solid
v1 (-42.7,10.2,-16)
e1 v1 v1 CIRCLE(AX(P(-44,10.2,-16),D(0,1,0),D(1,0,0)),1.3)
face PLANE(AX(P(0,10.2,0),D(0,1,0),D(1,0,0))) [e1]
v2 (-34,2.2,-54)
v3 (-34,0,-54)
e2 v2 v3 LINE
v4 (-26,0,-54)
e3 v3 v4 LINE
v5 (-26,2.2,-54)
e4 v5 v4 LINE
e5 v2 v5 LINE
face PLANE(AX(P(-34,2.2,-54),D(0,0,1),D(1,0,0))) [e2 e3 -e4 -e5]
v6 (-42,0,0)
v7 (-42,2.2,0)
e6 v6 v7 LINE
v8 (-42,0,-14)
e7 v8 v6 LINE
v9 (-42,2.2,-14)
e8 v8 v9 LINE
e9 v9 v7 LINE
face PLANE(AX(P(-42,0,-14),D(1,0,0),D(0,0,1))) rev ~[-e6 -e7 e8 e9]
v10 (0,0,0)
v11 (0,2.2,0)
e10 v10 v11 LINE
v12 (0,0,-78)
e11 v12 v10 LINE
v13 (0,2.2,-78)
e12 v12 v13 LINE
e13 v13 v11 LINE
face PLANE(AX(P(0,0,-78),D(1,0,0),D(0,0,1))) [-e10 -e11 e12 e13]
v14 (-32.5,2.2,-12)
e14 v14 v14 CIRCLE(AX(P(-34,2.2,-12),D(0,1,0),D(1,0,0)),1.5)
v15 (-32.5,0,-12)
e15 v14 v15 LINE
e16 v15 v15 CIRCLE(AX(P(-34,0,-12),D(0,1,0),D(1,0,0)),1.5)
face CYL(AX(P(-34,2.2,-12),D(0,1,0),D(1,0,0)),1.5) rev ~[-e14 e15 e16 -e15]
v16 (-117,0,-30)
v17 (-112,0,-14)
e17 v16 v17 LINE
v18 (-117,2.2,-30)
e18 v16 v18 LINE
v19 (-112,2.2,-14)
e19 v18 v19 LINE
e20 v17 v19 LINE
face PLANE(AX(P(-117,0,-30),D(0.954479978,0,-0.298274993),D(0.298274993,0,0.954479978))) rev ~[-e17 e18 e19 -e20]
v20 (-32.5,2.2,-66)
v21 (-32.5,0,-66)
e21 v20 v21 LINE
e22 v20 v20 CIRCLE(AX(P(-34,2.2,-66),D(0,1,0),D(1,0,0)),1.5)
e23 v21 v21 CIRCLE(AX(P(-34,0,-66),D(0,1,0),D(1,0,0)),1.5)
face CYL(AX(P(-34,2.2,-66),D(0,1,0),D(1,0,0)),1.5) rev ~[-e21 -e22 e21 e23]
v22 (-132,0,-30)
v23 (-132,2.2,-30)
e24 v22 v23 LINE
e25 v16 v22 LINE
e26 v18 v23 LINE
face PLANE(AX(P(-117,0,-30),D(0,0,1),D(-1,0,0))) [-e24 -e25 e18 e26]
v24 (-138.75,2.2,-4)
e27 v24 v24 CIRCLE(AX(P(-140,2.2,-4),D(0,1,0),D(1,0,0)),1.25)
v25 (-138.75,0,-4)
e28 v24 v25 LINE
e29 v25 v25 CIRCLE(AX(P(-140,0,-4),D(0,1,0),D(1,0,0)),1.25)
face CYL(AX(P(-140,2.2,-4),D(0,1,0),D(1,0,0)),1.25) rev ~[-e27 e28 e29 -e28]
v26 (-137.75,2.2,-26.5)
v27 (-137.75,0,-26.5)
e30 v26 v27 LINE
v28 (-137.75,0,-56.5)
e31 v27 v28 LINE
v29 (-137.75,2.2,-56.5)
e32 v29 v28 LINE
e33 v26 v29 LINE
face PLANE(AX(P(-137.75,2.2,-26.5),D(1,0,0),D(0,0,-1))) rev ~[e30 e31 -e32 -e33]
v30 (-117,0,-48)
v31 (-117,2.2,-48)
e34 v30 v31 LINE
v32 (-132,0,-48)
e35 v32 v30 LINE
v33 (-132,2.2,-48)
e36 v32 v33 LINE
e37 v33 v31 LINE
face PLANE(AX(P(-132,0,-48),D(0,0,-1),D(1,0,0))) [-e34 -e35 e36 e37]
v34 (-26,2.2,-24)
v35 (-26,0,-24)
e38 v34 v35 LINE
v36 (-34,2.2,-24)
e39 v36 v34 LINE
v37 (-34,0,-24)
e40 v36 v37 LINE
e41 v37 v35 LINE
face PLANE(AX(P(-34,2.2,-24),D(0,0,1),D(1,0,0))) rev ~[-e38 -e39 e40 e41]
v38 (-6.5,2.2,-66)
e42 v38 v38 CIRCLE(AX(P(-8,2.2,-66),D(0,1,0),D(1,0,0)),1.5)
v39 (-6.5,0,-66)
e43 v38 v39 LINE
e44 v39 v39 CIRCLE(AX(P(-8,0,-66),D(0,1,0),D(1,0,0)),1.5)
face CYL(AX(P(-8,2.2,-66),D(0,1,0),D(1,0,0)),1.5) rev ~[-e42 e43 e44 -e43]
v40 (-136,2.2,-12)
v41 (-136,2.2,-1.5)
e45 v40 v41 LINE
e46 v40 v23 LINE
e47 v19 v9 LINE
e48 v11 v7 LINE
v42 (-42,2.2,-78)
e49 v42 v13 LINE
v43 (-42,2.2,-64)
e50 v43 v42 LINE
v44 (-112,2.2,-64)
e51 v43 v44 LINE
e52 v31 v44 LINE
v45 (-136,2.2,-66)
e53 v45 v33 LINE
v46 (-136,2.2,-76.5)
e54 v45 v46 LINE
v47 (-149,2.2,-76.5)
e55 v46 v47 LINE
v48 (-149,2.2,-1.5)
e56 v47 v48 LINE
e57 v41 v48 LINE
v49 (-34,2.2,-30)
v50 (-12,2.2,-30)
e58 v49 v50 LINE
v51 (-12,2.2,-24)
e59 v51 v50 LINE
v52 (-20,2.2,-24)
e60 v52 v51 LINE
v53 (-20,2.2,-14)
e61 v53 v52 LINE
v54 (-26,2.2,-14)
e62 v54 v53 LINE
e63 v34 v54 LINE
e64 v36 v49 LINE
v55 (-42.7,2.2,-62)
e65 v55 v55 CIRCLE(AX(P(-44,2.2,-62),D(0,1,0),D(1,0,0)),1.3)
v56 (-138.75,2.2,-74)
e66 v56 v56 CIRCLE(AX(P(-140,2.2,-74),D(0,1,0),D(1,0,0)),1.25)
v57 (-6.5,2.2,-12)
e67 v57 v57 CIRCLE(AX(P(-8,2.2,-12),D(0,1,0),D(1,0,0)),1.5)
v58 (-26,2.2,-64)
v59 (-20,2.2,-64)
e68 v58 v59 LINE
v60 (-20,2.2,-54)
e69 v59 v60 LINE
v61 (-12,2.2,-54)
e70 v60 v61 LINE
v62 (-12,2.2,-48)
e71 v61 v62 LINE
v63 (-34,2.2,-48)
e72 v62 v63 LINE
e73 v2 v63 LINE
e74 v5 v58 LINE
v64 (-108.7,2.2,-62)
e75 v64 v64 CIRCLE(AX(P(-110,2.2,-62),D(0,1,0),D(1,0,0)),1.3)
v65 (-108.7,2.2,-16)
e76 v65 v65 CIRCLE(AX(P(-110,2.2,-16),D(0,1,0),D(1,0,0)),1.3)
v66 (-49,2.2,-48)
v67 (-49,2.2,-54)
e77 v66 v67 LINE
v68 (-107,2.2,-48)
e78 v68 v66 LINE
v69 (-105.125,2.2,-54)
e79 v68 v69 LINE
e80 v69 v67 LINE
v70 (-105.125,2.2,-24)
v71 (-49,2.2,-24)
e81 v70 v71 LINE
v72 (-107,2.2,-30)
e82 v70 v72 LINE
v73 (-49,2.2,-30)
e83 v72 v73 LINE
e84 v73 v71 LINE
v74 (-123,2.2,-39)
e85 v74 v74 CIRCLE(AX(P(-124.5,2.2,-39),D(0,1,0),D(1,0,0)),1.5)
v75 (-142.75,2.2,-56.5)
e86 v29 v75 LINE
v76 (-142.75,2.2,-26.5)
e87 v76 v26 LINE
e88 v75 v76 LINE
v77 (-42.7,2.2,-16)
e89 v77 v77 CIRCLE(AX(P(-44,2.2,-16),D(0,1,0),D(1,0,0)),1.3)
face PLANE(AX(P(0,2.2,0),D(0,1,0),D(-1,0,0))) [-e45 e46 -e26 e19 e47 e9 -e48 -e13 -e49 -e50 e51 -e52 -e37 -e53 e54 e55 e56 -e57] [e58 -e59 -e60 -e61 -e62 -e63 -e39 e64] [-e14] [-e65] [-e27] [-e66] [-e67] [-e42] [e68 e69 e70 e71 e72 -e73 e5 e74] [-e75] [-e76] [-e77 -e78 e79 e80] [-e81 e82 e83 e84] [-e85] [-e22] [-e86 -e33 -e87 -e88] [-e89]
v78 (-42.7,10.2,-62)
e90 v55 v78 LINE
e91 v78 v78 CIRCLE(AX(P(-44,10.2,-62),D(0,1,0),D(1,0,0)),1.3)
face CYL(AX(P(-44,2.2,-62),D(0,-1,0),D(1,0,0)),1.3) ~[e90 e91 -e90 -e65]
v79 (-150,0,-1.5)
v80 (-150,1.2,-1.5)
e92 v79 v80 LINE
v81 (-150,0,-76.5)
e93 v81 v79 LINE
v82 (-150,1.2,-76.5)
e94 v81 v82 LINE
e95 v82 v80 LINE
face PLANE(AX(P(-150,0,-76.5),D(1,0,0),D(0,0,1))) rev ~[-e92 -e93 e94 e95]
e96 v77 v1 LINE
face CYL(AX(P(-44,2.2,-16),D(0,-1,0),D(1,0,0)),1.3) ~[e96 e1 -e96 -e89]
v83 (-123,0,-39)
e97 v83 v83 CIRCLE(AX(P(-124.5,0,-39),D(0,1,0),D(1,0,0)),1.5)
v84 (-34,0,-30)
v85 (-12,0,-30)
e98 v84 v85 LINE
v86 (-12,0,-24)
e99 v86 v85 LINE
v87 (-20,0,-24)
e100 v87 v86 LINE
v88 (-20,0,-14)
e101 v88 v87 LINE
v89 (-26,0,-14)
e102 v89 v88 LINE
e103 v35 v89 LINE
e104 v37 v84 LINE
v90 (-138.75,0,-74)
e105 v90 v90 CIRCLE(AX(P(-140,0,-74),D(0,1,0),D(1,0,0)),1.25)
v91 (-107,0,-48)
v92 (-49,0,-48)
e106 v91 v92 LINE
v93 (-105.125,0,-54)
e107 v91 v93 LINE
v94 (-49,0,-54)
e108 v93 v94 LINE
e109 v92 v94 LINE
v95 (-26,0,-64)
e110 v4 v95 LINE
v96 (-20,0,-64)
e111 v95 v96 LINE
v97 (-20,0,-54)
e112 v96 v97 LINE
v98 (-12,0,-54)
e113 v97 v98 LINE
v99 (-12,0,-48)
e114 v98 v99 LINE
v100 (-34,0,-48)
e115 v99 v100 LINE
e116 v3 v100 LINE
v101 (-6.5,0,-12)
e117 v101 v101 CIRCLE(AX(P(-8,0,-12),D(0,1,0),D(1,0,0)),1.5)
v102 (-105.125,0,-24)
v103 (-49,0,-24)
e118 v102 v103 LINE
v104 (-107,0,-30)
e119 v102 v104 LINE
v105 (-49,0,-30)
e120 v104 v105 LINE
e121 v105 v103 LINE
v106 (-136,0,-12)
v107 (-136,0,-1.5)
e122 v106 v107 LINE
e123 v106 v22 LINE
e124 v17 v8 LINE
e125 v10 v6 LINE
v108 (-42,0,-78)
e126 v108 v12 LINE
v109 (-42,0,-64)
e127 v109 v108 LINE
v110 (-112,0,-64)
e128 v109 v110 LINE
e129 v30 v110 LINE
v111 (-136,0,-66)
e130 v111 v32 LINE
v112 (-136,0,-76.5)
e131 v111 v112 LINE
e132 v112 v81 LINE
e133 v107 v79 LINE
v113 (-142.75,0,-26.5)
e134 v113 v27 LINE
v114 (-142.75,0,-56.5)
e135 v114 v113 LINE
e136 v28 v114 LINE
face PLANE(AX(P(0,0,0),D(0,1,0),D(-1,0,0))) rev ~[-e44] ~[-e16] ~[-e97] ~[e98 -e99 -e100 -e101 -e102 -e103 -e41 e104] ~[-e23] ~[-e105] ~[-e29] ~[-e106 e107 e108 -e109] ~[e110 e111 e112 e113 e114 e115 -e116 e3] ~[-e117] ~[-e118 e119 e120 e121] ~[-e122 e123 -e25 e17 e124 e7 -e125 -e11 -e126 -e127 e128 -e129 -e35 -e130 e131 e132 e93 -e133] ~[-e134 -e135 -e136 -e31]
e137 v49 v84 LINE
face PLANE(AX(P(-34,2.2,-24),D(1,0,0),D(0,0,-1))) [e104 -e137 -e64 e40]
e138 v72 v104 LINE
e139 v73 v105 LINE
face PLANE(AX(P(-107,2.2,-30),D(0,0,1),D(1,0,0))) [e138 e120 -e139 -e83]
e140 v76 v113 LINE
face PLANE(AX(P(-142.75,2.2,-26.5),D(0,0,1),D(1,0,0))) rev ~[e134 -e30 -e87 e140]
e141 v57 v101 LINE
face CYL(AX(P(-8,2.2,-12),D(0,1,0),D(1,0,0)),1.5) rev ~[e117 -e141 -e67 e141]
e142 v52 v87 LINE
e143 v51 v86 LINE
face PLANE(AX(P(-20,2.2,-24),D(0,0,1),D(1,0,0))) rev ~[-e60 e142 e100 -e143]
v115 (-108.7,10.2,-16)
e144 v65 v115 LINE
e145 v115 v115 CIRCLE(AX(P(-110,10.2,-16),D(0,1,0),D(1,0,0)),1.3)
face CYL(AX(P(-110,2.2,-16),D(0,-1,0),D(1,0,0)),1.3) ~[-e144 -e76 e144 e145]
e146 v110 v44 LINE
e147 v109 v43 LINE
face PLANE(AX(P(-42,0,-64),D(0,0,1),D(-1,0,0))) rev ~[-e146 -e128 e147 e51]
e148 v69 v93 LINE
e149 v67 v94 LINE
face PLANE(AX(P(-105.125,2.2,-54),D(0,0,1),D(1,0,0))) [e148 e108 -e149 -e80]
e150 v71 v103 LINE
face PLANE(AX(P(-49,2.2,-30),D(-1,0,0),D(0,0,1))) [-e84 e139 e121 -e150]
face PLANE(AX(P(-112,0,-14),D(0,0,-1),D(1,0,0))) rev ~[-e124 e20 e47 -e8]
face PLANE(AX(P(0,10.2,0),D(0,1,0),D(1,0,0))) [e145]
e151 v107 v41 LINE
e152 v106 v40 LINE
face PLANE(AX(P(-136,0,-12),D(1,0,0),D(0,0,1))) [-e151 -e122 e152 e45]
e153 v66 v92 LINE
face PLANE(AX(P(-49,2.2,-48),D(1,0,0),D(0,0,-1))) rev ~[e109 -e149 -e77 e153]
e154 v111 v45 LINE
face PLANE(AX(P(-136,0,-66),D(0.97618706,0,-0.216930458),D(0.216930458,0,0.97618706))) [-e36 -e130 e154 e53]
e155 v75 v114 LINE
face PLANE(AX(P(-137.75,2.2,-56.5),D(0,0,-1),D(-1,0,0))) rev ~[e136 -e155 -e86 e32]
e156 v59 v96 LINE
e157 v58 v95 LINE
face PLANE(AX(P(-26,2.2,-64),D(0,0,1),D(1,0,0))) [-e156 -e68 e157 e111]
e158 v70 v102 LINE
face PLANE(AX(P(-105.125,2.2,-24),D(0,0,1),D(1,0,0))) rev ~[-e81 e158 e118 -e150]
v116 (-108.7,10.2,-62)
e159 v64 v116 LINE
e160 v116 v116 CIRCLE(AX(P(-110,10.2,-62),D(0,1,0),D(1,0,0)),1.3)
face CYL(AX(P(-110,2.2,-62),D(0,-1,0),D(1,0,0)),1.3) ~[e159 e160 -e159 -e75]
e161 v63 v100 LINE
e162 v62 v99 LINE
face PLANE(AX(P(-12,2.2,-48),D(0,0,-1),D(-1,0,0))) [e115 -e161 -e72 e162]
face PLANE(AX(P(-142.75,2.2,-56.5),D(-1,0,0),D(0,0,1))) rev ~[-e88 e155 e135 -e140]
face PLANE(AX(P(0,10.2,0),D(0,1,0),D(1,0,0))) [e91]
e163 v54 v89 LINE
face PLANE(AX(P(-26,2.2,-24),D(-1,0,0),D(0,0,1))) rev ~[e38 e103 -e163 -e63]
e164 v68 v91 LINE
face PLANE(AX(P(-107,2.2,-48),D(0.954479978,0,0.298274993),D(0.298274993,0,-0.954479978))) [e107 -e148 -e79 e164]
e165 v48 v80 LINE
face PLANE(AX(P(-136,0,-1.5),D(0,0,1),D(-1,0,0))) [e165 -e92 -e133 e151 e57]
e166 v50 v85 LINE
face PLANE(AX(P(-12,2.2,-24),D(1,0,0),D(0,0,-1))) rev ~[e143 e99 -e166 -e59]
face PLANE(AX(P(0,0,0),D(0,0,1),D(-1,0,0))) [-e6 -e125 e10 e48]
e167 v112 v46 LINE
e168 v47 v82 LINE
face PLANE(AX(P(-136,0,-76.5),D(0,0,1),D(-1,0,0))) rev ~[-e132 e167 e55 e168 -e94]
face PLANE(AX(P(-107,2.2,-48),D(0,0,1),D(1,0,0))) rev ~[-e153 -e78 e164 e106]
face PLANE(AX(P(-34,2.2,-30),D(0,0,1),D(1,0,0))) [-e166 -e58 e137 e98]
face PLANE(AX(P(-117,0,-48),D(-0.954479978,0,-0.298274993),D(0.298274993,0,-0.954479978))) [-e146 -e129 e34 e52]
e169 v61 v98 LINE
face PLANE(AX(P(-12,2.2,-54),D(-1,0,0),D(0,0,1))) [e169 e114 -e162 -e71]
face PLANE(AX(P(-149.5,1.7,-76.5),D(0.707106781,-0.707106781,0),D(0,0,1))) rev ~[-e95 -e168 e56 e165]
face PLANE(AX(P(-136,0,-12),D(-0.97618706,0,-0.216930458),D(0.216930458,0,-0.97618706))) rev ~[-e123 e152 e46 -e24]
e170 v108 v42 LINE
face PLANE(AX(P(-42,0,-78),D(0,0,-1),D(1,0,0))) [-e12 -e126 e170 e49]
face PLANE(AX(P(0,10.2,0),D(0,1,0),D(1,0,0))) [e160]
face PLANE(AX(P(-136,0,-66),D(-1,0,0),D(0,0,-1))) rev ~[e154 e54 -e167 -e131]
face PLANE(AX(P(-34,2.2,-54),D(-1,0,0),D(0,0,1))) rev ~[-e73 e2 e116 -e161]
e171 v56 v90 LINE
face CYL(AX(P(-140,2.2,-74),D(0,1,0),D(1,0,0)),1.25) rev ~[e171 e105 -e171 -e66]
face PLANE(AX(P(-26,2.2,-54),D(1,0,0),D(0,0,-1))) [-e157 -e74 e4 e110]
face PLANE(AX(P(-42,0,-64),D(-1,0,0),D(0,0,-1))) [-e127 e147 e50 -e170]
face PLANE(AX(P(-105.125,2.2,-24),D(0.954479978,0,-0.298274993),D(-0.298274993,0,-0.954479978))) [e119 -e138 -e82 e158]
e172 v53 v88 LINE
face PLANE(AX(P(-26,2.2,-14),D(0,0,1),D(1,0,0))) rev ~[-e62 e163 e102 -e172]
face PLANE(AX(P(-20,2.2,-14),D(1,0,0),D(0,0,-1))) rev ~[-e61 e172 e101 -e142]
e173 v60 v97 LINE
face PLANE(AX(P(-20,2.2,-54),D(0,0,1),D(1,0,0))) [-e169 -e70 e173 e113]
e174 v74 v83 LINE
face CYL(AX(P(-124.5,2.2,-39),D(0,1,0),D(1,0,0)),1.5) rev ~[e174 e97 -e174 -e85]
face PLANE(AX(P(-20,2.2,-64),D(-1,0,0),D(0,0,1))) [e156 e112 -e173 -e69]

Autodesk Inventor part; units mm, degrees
ref_plane "YZ Plane" through (0, 0, 0) normal (1, 0, 0) x (0, 1, 0)
ref_plane "XZ Plane" through (0, 0, 0) normal (0, 1, 0) x (-1, 0, 0)
ref_plane "XY Plane" through (0, 0, 0) normal (0, 0, 1) x (1, 0, 0)
sketch "Sketch1" plane through (0, 0, 0) normal (0, 1, 0) x (-1, 0, 0)
  line L0 (42, -64) -> (112, -64)
  line L1 (112, -64) -> (112, -14)
  line L2 (112, -14) -> (42, -14)
  line L3 (112, -39) -> (112, -30)
  line L4 (112, -39) -> (112, -48)
  line L5 (112, -30) -> (136, -30)
  line L6 (136, -30) -> (136, -48)
  line L7 (136, -48) -> (112, -48)
  line L8 (112, -30) -> (117, -30)
  line L9 (117, -30) -> (112, -14)
  line L10 (112, -48) -> (117, -48)
  line L11 (117, -48) -> (112, -64)
  line L12 (136, -30) -> (136, -1.5)
  line L13 (136, -1.5) -> (150, -1.5)
  line L14 (136, -48) -> (136, -76.5)
  line L15 (136, -76.5) -> (150, -76.5)
  line L16 (150, -76.5) -> (150, -1.5)
  line L17 (42, -14) -> (42, 0)
  line L18 (42, 0) -> (42, -78)
  line L19 (42, -78) -> (0, -78)
  line L20 (0, -78) -> (0, 0)
  line L21 (0, 0) -> (42, 0)
  line L22 (136, -30) -> (132, -30)
  line L23 (136, -30) -> (136, -12)
  line L24 (136, -12) -> (132, -30)
  line L25 (136, -48) -> (132, -48)
  line L26 (136, -48) -> (136, -66)
  line L27 (136, -66) -> (132, -48)
  dimension "d3" = 70
  dimension "d4" = 50
  dimension "d5" = 9
  dimension "d6" = 9
  dimension "d7" = 24
  dimension "d8" = 18
  dimension "d9" = 5
  dimension "d10" = 5
  dimension "d11" = 28.5
  dimension "d12" = 14
  dimension "d13" = 28.5
  dimension "d14" = 14
  dimension "d20" = 78
  dimension "d21" = 42
  dimension "d22" = 14
  dimension "d23" = 14
  dimension "d24" = 1.5
  dimension "d25" = 94
  dimension "d26" = 4
  dimension "d27" = 18
  dimension "d28" = 4
  dimension "d29" = 18
extrude "Extrusion1" add sketch "Sketch1" along normal blind 2.2
sketch "Sketch2" plane through (0, 2.2, 0) normal (0, 1, 0) x (1, 0, 0)
  circle A0 centre (-34, 12) radius 1.5
  circle A1 centre (-8, 12) radius 1.5
  line L0 (-42, 0) -> (0, 0) projected
  line L1 (0, 0) -> (0, 78) projected
  line L2 (-42, 14) -> (-42, 0) projected
  circle A2 centre (-34, 66) radius 1.5
  circle A3 centre (-8, 66) radius 1.5
  line L3 (-42, 78) -> (-42, 64) projected
  line L4 (0, 78) -> (-42, 78) projected
  circle A4 centre (-124.5, 39) radius 1.5
  line L5 (-132, 30) -> (-117, 30) projected
  circle A5 centre (-140, 4) radius 1.25
  line L6 (-136, 1.5) -> (-136, 12) projected
  line L7 (-150, 1.5) -> (-136, 1.5) projected
  circle A6 centre (-140, 74) radius 1.25
  line L8 (-136, 66) -> (-136, 76.5) projected
  line L9 (-136, 76.5) -> (-150, 76.5) projected
  line L10 (-142.75, 26.5) -> (-137.75, 26.5)
  line L11 (-137.75, 26.5) -> (-137.75, 56.5)
  line L12 (-137.75, 56.5) -> (-142.75, 56.5)
  line L13 (-142.75, 56.5) -> (-142.75, 26.5)
  line L14 (-150, 76.5) -> (-150, 1.5) projected
  dimension "d32" = 3
  dimension "d33" = 3
  dimension "d34" = 12
  dimension "d35" = 8
  dimension "d36" = 8
  dimension "d37" = 12
  dimension "d38" = 3
  dimension "d39" = 3
  dimension "d40" = 8
  dimension "d41" = 12
  dimension "d42" = 12
  dimension "d43" = 8
  dimension "d44" = 9
  dimension "d45" = 7.5
  dimension "d46" = 3
  dimension "d47" = 2.5
  dimension "d48" = 4
  dimension "d49" = 2.5
  dimension "d50" = 2.5
  dimension "d51" = 4
  dimension "d52" = 2.5
  dimension "d53" = 5
  dimension "d54" = 30
  dimension "d55" = 20
  dimension "d56" = 7.25
extrude "Extrusion2" cut sketch "Sketch2" against normal blind 2.2
sketch "Sketch3" plane through (0, 2.2, 0) normal (0, 1, 0) x (1, 0, 0)
  line L0 (-42, 14) -> (-42, 0) projected
  line L1 (-42, 64) -> (-112, 64) projected
  line L2 (-42, 14) -> (-112, 14)
  line L3 (-112, 14) -> (-112, 64)
  line L4 (-112, 64) -> (-42, 64)
  line L5 (-42, 64) -> (-42, 14)
  circle A0 centre (-110, 16) radius 1.3
  circle A1 centre (-110, 62) radius 1.3
  circle A2 centre (-44, 16) radius 1.3
  circle A3 centre (-44, 62) radius 1.3
  point P0 (0, 0)
  dimension "d59" = 2
  dimension "d60" = 2
  dimension "d61" = 2.6
  dimension "d62" = 2
  dimension "d63" = 2
  dimension "d64" = 2.6
  dimension "d65" = 2.6
  dimension "d66" = 2.6
  dimension "d67" = 2
  dimension "d68" = 2
  dimension "d69" = 2
  dimension "d70" = 2
extrude "Extrusion3" add sketch "Sketch3" along normal blind 8 contours A0 | A1 | A2 | A3
sketch "Sketch4" plane through (0, 2.2, 0) normal (0, 1, 0) x (1, 0, 0)
  line L0 (-132, 30) -> (-117, 30) projected
  line L1 (-117, 30) -> (-112, 14) projected
  line L2 (-105.125, 24) -> (-107, 30)
  line L3 (-117, 48) -> (-132, 48) projected
  line L4 (-112, 64) -> (-117, 48) projected
  line L5 (-112, 64) -> (-102, 64)
  line L6 (-42, 64) -> (-112, 64) projected
  line L7 (-107, 48) -> (-105.125, 54)
  line L8 (-112, 14) -> (-42, 14) projected
  line L9 (-107, 30) -> (-49, 30)
  line L10 (-49, 30) -> (-49, 24)
  line L11 (-105.125, 24) -> (-49, 24)
  line L12 (-107, 48) -> (-49, 48)
  line L13 (-49, 48) -> (-49, 54)
  line L14 (-105.125, 54) -> (-49, 54)
  point P0 (0, 0)
  dimension "d79" = 10
  dimension "d88" = 10
  dimension "d93" = 10
  dimension "d111" = 58
  dimension "d112" = 6
  dimension "d113" = 10
  dimension "d114" = 6
  dimension "d115" = 72.646
  dimension "d116" = 58
  dimension "d117" = 56.125
  dimension "d118" = 18
  dimension "d119" = 6
  dimension "d120" = 6
extrude "Extrusion4" cut sketch "Sketch4" against normal blind 8
sketch "Sketch6" plane through (0, 2.2, 0) normal (0, 1, 0) x (1, 0, 0)
  line L0 (-34, 24) -> (-26, 24)
  line L1 (-26, 24) -> (-26, 14)
  line L2 (-26, 14) -> (-20, 14)
  line L3 (-34, 24) -> (-34, 30)
  line L4 (-34, 30) -> (-20, 30)
  line L5 (-20, 14) -> (-20, 24)
  line L6 (-20, 24) -> (-12, 24)
  line L7 (-12, 24) -> (-12, 30)
  line L8 (-12, 30) -> (-20, 30)
  line L9 (0, 0) -> (0, 78) projected
  line L10 (0, 39) -> (-41.084, 39)
  line L11 (-34, 54) -> (-26, 54)
  line L12 (-26, 54) -> (-26, 64)
  line L13 (-26, 64) -> (-20, 64)
  line L14 (-34, 54) -> (-34, 48)
  line L15 (-34, 48) -> (-20, 48)
  line L16 (-20, 64) -> (-20, 54)
  line L17 (-20, 54) -> (-12, 54)
  line L18 (-12, 54) -> (-12, 48)
  line L19 (-12, 48) -> (-20, 48)
  line L20 (-49, 30) -> (-49, 24) projected
  dimension "d97" = 8
  dimension "d98" = 10
  dimension "d99" = 6
  dimension "d100" = 16
  dimension "d101" = 6
  dimension "d102" = 10
  dimension "d103" = 8
  dimension "d104" = 6
  dimension "d105" = 9
  dimension "d121" = 15
extrude "Extrusion5" cut sketch "Sketch6" against normal blind 8
chamfer "Chamfer1" distance 1 angle 45 1 edges at (-150, 2.2, -39)
properties part number "onderplaat final"
